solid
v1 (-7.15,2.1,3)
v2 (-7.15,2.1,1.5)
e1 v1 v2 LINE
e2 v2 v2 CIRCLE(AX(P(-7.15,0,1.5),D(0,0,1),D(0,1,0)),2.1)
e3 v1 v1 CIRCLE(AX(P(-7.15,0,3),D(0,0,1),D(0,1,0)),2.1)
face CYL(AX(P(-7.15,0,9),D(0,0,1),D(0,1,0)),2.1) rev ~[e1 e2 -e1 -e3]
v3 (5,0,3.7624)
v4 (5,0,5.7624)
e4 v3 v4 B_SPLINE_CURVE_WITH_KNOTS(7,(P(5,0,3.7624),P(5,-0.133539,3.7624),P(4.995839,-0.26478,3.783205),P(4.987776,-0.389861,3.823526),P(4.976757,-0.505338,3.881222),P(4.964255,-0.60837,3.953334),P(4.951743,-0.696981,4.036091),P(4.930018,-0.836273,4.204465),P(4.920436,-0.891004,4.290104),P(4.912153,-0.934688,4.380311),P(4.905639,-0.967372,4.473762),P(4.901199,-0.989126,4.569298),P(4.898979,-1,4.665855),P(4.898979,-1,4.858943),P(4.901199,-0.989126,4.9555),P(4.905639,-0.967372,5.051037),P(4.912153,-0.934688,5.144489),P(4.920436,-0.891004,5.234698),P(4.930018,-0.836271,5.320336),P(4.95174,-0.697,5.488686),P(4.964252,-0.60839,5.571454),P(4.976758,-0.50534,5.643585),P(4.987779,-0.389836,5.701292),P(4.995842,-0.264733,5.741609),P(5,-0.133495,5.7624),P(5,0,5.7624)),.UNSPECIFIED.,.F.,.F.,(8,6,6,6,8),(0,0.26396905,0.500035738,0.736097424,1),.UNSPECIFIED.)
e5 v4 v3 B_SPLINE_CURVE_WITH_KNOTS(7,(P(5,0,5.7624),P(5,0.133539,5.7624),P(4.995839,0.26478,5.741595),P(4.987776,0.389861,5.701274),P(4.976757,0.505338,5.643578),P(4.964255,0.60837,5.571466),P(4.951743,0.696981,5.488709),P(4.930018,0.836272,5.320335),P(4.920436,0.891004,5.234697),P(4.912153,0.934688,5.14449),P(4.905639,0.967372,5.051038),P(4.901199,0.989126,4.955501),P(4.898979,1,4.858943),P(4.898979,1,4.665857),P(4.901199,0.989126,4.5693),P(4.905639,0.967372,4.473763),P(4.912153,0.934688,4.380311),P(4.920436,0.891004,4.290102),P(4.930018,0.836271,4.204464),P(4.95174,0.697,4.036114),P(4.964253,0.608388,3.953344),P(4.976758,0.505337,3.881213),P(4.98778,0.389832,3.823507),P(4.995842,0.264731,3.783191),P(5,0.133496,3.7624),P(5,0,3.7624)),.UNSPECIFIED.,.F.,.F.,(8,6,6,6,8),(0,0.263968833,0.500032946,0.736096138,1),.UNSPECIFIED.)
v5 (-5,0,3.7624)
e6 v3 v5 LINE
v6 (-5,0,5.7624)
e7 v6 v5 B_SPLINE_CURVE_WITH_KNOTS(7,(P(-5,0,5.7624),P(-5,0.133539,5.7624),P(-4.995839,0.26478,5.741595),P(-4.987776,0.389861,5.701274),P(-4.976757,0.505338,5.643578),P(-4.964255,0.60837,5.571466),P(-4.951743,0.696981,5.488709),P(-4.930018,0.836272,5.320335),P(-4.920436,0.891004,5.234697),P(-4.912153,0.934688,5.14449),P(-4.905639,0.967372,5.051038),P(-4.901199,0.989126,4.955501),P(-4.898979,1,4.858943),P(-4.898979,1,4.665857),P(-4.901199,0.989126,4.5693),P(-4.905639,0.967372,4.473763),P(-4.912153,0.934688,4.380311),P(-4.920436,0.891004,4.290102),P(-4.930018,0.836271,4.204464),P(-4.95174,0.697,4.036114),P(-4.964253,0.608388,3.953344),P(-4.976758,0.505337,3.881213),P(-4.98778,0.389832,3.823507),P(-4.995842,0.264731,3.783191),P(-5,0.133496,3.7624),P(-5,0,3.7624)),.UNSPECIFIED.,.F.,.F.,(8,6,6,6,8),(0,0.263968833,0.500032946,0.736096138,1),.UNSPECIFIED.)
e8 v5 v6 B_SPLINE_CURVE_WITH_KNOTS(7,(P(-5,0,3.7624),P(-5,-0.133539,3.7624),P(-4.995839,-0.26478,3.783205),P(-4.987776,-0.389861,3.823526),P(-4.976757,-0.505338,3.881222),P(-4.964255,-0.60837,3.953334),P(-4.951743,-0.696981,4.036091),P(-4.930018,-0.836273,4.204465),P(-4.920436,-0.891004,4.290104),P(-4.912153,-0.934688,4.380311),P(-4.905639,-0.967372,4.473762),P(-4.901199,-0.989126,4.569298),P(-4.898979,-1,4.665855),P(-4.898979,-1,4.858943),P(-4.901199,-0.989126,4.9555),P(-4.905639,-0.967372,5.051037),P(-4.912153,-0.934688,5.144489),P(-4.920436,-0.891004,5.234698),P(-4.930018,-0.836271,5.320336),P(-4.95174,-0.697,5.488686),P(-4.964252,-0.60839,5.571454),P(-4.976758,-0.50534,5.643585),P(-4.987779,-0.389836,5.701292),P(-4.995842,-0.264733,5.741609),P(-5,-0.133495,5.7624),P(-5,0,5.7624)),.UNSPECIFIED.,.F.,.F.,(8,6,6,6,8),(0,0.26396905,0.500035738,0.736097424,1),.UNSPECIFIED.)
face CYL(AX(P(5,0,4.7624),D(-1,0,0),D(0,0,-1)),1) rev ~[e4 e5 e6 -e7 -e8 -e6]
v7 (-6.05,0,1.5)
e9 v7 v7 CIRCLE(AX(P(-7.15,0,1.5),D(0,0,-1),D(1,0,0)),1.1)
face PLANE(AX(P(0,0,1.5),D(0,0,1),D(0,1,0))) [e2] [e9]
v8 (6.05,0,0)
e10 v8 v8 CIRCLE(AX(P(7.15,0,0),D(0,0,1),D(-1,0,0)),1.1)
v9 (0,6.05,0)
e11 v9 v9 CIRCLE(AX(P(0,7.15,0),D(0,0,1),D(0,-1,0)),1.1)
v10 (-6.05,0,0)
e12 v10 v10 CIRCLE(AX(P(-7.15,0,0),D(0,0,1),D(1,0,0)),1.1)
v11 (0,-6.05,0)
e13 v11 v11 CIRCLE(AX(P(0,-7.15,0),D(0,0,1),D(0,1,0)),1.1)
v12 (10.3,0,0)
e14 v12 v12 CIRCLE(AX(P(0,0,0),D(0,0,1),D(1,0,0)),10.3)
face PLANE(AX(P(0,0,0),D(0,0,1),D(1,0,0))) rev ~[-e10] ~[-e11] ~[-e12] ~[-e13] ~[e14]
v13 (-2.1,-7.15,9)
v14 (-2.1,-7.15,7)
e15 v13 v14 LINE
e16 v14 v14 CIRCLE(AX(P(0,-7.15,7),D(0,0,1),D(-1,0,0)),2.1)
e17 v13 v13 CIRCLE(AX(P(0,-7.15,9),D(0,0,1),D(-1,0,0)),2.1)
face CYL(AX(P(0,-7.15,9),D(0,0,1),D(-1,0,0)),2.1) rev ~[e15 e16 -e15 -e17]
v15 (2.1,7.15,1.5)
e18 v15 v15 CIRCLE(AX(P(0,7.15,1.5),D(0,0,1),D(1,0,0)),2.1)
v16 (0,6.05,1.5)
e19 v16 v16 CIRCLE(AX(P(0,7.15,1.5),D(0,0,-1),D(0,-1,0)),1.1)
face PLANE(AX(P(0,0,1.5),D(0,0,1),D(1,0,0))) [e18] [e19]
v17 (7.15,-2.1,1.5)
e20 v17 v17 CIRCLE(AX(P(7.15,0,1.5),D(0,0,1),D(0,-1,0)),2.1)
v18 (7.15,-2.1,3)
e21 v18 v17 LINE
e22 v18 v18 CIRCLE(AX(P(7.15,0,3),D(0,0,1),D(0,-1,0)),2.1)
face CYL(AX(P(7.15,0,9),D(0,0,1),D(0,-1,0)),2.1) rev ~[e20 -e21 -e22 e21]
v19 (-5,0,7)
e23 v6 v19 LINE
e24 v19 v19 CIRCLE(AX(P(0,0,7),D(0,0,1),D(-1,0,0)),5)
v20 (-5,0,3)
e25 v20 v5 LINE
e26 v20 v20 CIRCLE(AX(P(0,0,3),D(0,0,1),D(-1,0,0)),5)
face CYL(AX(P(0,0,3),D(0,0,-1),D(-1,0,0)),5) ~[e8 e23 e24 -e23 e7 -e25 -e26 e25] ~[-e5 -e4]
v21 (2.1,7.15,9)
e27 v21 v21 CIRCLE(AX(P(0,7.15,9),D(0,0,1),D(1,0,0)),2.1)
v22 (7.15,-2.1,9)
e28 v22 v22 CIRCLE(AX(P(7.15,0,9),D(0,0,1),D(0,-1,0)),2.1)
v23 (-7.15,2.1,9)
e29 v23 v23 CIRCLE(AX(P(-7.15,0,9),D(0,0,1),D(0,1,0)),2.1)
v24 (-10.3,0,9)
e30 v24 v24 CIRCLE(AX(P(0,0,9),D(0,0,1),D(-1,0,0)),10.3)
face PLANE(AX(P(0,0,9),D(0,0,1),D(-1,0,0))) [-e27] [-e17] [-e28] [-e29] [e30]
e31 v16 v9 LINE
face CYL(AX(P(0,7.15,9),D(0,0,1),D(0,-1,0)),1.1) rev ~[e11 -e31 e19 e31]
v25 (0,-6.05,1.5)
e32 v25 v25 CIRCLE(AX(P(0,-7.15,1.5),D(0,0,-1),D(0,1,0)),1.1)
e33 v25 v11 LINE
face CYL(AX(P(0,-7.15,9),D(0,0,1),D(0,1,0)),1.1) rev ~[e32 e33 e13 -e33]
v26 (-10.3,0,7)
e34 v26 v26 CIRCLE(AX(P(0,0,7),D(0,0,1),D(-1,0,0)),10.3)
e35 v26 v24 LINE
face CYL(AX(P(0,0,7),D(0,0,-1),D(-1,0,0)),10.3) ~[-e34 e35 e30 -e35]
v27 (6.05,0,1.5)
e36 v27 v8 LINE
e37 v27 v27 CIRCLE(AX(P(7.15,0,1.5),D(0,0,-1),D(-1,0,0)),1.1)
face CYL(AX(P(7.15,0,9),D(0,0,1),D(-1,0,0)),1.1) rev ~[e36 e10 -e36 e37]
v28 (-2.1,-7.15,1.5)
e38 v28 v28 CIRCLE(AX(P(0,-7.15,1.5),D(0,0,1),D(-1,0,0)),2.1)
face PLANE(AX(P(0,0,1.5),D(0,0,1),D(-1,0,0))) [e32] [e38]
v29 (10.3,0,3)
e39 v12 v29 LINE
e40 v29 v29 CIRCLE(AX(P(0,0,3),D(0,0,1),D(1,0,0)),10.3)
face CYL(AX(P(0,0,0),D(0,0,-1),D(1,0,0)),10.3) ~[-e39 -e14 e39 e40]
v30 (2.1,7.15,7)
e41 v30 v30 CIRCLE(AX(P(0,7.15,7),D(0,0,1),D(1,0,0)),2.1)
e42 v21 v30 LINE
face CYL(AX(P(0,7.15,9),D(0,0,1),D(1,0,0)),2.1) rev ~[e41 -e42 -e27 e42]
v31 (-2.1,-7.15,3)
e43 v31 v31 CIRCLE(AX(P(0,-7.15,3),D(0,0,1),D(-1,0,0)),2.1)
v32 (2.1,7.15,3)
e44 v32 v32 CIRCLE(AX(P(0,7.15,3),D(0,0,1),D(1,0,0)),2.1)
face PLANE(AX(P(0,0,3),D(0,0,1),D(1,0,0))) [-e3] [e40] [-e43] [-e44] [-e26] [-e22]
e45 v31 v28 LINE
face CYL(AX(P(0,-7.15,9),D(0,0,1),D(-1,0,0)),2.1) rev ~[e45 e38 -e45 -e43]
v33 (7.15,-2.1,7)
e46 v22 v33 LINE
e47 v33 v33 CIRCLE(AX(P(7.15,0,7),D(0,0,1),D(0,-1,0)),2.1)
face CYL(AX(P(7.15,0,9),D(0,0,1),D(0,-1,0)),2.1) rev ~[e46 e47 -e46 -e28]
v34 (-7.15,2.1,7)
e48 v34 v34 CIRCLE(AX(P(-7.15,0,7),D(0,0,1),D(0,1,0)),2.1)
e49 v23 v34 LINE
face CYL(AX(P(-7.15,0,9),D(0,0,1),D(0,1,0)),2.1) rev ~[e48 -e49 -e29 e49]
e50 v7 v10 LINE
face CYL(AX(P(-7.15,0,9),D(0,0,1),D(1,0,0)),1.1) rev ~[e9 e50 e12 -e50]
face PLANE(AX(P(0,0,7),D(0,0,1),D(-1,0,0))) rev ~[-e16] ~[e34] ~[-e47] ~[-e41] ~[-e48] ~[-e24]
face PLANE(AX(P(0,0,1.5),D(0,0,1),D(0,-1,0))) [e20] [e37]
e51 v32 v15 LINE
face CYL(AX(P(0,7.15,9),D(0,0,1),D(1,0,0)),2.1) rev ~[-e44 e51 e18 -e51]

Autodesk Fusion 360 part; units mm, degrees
sketch "Sketch1" plane through (0, 0, 0) normal (0, 0, 1) x (1, 0, 0)
  circle A0 centre (0, 0) radius 10.3
  dimension "d1" = 20.6
extrude "Extrude1" add sketch "Sketch1" along normal blind 3
sketch "Sketch2" plane through (0, 0, 3) normal (0, 0, 1) x (-1, 0, 0)
  circle A0 centre (0, 0) radius 10.3
  circle A1 centre (0, 0) radius 5
  dimension "d4" = 10
extrude "Extrude2" add sketch "Sketch2" along normal blind 4 contours A1
sketch "Sketch3" plane through (0, 0, 7) normal (0, 0, 1) x (-1, 0, 0)
  circle A0 centre (0, 0) radius 5
  circle A1 centre (0, 0) radius 10.3
  dimension "d7" = 20.6
extrude "Extrude3" add sketch "Sketch3" along normal blind 2 contours A0 | A1
sketch "Sketch4" plane through (0, 0, 9) normal (0, 0, 1) x (-1, 0, 0)
  circle A0 centre (0, 0) radius 10.3
  circle A1 centre (-7.15, 0) radius 1.1
  line L0 (0, 0) -> (-7.15, 0)
  dimension "d10" = 2.2
  dimension "d23" = 7.15
extrude "Extrude4" cut sketch "Sketch4" against normal blind 9 contours A1
pattern_circular "C-Pattern1" count 4 over 360 about axis through (0, 0, 7) along (0, 0, 1) of "Extrude4"
sketch "Sketch5" plane through (0, 0, 9) normal (0, 0, 1) x (-1, 0, 0)
  circle A0 centre (0, 7.15) radius 1.1
  circle A1 centre (7.15, 0) radius 1.1
  circle A2 centre (0, -7.15) radius 1.1
  circle A3 centre (-7.15, 0) radius 1.1
  circle A4 centre (0, 0) radius 10.3
  circle A5 centre (0, 7.15) radius 2.1
  dimension "d19" = 4.2
extrude "Extrude5" cut sketch "Sketch5" against normal blind 7.5 contours A5
pattern_circular "C-Pattern2" count 4 over 360 about axis through (0, 0, 3) along (0, 0, 1) of "Extrude5"
hole "Hole1" at (5, 0, 4.7624) direction (-1, 0, 0) diameter 2 depth 10 tip angle 180
